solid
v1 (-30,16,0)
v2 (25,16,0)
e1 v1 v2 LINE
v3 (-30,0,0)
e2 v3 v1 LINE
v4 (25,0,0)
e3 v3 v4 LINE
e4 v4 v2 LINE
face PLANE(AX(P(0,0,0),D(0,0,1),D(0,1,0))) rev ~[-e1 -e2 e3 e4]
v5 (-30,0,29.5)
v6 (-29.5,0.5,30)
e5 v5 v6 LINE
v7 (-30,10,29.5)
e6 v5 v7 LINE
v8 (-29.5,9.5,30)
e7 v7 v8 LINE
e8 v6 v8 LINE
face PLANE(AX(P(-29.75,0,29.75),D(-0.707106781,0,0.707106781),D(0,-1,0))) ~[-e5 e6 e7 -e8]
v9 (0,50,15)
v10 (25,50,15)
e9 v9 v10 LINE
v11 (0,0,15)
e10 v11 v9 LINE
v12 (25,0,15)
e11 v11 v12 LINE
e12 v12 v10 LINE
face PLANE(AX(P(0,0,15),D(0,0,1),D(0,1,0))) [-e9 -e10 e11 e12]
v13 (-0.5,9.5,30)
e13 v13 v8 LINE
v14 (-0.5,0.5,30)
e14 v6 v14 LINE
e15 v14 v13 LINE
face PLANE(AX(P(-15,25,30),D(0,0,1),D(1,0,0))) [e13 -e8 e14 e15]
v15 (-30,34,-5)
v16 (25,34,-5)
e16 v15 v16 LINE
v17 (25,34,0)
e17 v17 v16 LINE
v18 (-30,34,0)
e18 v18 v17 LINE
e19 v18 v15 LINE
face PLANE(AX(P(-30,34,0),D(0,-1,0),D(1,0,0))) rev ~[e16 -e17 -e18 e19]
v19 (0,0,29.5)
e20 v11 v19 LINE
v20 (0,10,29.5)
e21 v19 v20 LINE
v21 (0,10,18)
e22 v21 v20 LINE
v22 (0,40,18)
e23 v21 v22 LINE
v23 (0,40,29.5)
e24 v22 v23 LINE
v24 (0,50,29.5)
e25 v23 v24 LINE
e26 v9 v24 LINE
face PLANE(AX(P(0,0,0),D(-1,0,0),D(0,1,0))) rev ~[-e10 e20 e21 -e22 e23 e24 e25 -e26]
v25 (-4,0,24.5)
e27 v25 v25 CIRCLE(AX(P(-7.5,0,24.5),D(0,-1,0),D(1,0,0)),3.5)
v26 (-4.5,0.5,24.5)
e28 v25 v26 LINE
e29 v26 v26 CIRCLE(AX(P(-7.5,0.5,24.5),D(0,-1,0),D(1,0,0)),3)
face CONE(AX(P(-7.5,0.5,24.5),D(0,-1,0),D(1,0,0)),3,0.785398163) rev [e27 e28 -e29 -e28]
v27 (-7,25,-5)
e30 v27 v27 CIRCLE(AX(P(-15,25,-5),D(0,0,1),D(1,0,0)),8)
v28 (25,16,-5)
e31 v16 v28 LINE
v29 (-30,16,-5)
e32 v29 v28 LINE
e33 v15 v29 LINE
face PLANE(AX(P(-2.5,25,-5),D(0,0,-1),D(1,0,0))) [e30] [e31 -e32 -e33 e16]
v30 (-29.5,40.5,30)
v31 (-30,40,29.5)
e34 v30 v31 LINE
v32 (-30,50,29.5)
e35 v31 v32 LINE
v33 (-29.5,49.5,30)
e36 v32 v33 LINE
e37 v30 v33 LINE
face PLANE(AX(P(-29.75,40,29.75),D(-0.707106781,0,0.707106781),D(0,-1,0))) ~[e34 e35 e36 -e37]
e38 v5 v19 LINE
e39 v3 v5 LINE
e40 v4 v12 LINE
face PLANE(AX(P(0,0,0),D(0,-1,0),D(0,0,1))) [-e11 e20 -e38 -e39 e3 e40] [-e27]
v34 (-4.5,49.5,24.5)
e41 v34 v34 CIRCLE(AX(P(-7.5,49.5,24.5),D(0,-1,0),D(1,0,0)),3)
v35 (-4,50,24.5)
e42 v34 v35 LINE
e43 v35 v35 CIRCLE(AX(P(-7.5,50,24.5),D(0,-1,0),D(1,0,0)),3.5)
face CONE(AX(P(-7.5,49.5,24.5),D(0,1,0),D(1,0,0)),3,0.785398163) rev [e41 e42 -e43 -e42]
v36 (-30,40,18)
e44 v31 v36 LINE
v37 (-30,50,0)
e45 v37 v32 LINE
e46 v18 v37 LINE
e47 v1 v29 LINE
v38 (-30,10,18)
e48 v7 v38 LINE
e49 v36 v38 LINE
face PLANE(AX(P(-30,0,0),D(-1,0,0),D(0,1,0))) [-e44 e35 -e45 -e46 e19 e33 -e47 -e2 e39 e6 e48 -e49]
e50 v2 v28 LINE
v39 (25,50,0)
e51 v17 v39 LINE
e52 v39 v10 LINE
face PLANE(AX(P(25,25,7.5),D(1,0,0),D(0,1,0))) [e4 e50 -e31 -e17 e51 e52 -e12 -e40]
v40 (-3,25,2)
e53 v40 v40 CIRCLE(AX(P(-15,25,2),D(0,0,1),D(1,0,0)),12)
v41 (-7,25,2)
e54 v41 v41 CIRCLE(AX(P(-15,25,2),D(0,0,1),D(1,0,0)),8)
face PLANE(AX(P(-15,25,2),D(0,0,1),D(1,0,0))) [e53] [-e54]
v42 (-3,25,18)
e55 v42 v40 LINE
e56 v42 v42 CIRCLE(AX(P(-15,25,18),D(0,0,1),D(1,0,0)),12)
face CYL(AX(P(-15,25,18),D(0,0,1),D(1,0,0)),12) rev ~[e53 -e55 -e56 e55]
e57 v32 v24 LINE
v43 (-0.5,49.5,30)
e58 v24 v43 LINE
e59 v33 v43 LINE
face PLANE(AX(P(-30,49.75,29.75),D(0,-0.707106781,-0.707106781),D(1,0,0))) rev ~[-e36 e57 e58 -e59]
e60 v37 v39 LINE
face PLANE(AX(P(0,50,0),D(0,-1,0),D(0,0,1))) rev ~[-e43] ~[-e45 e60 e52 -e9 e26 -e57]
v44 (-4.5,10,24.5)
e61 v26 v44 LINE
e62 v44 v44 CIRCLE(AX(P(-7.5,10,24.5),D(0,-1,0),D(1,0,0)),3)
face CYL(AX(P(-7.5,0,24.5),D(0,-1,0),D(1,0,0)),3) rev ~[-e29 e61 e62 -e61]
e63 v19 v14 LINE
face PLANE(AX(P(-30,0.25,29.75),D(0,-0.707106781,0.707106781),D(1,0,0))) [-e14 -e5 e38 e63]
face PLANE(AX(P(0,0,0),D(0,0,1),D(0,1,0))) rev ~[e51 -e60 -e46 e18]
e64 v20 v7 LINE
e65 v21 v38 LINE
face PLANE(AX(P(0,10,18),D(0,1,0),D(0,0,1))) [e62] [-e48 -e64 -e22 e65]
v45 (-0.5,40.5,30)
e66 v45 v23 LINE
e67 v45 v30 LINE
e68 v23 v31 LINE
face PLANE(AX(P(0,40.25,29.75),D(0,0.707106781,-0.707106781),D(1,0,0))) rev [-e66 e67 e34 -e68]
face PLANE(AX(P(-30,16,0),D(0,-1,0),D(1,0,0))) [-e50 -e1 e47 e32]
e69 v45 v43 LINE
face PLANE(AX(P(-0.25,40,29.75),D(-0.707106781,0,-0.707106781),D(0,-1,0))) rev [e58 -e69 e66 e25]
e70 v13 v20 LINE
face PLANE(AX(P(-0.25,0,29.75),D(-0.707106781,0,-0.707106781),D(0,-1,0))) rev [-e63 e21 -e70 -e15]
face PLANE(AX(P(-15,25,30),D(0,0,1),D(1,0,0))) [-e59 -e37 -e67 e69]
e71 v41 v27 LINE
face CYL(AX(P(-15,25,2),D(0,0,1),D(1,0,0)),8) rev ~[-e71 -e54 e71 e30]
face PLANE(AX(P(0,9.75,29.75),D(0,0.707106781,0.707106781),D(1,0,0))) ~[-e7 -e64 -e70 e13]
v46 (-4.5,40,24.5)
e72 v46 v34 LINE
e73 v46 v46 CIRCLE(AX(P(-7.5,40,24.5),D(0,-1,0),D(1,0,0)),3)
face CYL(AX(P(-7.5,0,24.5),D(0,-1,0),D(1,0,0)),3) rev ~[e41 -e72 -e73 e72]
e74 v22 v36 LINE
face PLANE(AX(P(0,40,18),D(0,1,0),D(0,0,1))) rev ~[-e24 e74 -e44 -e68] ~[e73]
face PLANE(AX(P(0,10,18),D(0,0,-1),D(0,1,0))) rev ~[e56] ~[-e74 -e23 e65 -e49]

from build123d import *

# Parameters (mm, degrees)
F0_W           = 30
F0_H           = 50
F1_DEPTH       = 30
F2_W           = 50
F2_H           = 15
F3_DEPTH       = 25
F5_W           = 55
F5_H           = 18
F6_DEPTH       = 5
F4_R           = 3
F7_DEPTH       = 50.001
F8_SIZE        = 0.5
F9_W           = 30
F9_H           = 12
F10_DEPTH      = 30.001
F11_R          = 12
F12_DEPTH      = 12.001
F12_DEPTH_BACK = 16
F13_SIZE       = 0.5
F14_R          = 8
F15_DEPTH      = 7.001


with BuildPart() as f1:
    # F0 (on Top) → F1 (new body)
    with BuildSketch(Plane.XY):
        with Locations((-15, 25)):
            Rectangle(F0_W, F0_H)
    extrude(amount=F1_DEPTH)

    # F2 (on face) → F3 (join)
    with BuildSketch(Plane.YZ):
        with Locations((25, 7.5)):
            Rectangle(F2_W, F2_H)
    extrude(amount=F3_DEPTH)

    # F5 (on face) → F6 (join)
    with BuildSketch(Plane(origin=(0, 0, 0), x_dir=(1, 0, 0), z_dir=(0, 0, -1))):
        with Locations((-2.5, -25)):
            Rectangle(F5_W, F5_H)
    extrude(amount=F6_DEPTH)

    # F4 (on face) → F7 (cut, through all)
    with BuildSketch(Plane.XZ):
        with Locations((-7.5, 24.5)):
            Circle(F4_R)
    extrude(amount=-F7_DEPTH, mode=Mode.SUBTRACT)

    # F8
    f8_edges = [f1.edges().sort_by_distance(p)[0] for p in [
        (-10.5, 0, 24.5),
        (-10.5, 50, 24.5),
    ]]
    chamfer(f8_edges, length=F8_SIZE)

    # F9 (on face) → F10 (cut, through all)
    with BuildSketch(Plane.YZ):
        with Locations((25, 24)):
            Rectangle(F9_W, F9_H)
    extrude(amount=-F10_DEPTH, mode=Mode.SUBTRACT)

    # F11 (on face) → F12 (cut, two sides)
    with BuildSketch(Plane.XY.offset(18)) as f12_sk:
        with Locations((-15, 25)):
            Circle(F11_R)
    extrude(amount=F12_DEPTH, mode=Mode.SUBTRACT)
    extrude(f12_sk.sketch, amount=-F12_DEPTH_BACK, mode=Mode.SUBTRACT)

    # F13
    f13_edges = [f1.edges().sort_by_distance(p)[0] for p in [
        (-30, 5, 30),
        (-15, 10, 30),
        (0, 5, 30),
        (-15, 0, 30),
        (-15, 40, 30),
        (-30, 45, 30),
        (-15, 50, 30),
        (0, 45, 30),
    ]]
    chamfer(f13_edges, length=F13_SIZE)

    # F14 (on face) → F15 (cut, through all)
    with BuildSketch(Plane.XY.offset(2)):
        with Locations((-15, 25)):
            Circle(F14_R)
    extrude(amount=-F15_DEPTH, mode=Mode.SUBTRACT)


solid = f1.part
